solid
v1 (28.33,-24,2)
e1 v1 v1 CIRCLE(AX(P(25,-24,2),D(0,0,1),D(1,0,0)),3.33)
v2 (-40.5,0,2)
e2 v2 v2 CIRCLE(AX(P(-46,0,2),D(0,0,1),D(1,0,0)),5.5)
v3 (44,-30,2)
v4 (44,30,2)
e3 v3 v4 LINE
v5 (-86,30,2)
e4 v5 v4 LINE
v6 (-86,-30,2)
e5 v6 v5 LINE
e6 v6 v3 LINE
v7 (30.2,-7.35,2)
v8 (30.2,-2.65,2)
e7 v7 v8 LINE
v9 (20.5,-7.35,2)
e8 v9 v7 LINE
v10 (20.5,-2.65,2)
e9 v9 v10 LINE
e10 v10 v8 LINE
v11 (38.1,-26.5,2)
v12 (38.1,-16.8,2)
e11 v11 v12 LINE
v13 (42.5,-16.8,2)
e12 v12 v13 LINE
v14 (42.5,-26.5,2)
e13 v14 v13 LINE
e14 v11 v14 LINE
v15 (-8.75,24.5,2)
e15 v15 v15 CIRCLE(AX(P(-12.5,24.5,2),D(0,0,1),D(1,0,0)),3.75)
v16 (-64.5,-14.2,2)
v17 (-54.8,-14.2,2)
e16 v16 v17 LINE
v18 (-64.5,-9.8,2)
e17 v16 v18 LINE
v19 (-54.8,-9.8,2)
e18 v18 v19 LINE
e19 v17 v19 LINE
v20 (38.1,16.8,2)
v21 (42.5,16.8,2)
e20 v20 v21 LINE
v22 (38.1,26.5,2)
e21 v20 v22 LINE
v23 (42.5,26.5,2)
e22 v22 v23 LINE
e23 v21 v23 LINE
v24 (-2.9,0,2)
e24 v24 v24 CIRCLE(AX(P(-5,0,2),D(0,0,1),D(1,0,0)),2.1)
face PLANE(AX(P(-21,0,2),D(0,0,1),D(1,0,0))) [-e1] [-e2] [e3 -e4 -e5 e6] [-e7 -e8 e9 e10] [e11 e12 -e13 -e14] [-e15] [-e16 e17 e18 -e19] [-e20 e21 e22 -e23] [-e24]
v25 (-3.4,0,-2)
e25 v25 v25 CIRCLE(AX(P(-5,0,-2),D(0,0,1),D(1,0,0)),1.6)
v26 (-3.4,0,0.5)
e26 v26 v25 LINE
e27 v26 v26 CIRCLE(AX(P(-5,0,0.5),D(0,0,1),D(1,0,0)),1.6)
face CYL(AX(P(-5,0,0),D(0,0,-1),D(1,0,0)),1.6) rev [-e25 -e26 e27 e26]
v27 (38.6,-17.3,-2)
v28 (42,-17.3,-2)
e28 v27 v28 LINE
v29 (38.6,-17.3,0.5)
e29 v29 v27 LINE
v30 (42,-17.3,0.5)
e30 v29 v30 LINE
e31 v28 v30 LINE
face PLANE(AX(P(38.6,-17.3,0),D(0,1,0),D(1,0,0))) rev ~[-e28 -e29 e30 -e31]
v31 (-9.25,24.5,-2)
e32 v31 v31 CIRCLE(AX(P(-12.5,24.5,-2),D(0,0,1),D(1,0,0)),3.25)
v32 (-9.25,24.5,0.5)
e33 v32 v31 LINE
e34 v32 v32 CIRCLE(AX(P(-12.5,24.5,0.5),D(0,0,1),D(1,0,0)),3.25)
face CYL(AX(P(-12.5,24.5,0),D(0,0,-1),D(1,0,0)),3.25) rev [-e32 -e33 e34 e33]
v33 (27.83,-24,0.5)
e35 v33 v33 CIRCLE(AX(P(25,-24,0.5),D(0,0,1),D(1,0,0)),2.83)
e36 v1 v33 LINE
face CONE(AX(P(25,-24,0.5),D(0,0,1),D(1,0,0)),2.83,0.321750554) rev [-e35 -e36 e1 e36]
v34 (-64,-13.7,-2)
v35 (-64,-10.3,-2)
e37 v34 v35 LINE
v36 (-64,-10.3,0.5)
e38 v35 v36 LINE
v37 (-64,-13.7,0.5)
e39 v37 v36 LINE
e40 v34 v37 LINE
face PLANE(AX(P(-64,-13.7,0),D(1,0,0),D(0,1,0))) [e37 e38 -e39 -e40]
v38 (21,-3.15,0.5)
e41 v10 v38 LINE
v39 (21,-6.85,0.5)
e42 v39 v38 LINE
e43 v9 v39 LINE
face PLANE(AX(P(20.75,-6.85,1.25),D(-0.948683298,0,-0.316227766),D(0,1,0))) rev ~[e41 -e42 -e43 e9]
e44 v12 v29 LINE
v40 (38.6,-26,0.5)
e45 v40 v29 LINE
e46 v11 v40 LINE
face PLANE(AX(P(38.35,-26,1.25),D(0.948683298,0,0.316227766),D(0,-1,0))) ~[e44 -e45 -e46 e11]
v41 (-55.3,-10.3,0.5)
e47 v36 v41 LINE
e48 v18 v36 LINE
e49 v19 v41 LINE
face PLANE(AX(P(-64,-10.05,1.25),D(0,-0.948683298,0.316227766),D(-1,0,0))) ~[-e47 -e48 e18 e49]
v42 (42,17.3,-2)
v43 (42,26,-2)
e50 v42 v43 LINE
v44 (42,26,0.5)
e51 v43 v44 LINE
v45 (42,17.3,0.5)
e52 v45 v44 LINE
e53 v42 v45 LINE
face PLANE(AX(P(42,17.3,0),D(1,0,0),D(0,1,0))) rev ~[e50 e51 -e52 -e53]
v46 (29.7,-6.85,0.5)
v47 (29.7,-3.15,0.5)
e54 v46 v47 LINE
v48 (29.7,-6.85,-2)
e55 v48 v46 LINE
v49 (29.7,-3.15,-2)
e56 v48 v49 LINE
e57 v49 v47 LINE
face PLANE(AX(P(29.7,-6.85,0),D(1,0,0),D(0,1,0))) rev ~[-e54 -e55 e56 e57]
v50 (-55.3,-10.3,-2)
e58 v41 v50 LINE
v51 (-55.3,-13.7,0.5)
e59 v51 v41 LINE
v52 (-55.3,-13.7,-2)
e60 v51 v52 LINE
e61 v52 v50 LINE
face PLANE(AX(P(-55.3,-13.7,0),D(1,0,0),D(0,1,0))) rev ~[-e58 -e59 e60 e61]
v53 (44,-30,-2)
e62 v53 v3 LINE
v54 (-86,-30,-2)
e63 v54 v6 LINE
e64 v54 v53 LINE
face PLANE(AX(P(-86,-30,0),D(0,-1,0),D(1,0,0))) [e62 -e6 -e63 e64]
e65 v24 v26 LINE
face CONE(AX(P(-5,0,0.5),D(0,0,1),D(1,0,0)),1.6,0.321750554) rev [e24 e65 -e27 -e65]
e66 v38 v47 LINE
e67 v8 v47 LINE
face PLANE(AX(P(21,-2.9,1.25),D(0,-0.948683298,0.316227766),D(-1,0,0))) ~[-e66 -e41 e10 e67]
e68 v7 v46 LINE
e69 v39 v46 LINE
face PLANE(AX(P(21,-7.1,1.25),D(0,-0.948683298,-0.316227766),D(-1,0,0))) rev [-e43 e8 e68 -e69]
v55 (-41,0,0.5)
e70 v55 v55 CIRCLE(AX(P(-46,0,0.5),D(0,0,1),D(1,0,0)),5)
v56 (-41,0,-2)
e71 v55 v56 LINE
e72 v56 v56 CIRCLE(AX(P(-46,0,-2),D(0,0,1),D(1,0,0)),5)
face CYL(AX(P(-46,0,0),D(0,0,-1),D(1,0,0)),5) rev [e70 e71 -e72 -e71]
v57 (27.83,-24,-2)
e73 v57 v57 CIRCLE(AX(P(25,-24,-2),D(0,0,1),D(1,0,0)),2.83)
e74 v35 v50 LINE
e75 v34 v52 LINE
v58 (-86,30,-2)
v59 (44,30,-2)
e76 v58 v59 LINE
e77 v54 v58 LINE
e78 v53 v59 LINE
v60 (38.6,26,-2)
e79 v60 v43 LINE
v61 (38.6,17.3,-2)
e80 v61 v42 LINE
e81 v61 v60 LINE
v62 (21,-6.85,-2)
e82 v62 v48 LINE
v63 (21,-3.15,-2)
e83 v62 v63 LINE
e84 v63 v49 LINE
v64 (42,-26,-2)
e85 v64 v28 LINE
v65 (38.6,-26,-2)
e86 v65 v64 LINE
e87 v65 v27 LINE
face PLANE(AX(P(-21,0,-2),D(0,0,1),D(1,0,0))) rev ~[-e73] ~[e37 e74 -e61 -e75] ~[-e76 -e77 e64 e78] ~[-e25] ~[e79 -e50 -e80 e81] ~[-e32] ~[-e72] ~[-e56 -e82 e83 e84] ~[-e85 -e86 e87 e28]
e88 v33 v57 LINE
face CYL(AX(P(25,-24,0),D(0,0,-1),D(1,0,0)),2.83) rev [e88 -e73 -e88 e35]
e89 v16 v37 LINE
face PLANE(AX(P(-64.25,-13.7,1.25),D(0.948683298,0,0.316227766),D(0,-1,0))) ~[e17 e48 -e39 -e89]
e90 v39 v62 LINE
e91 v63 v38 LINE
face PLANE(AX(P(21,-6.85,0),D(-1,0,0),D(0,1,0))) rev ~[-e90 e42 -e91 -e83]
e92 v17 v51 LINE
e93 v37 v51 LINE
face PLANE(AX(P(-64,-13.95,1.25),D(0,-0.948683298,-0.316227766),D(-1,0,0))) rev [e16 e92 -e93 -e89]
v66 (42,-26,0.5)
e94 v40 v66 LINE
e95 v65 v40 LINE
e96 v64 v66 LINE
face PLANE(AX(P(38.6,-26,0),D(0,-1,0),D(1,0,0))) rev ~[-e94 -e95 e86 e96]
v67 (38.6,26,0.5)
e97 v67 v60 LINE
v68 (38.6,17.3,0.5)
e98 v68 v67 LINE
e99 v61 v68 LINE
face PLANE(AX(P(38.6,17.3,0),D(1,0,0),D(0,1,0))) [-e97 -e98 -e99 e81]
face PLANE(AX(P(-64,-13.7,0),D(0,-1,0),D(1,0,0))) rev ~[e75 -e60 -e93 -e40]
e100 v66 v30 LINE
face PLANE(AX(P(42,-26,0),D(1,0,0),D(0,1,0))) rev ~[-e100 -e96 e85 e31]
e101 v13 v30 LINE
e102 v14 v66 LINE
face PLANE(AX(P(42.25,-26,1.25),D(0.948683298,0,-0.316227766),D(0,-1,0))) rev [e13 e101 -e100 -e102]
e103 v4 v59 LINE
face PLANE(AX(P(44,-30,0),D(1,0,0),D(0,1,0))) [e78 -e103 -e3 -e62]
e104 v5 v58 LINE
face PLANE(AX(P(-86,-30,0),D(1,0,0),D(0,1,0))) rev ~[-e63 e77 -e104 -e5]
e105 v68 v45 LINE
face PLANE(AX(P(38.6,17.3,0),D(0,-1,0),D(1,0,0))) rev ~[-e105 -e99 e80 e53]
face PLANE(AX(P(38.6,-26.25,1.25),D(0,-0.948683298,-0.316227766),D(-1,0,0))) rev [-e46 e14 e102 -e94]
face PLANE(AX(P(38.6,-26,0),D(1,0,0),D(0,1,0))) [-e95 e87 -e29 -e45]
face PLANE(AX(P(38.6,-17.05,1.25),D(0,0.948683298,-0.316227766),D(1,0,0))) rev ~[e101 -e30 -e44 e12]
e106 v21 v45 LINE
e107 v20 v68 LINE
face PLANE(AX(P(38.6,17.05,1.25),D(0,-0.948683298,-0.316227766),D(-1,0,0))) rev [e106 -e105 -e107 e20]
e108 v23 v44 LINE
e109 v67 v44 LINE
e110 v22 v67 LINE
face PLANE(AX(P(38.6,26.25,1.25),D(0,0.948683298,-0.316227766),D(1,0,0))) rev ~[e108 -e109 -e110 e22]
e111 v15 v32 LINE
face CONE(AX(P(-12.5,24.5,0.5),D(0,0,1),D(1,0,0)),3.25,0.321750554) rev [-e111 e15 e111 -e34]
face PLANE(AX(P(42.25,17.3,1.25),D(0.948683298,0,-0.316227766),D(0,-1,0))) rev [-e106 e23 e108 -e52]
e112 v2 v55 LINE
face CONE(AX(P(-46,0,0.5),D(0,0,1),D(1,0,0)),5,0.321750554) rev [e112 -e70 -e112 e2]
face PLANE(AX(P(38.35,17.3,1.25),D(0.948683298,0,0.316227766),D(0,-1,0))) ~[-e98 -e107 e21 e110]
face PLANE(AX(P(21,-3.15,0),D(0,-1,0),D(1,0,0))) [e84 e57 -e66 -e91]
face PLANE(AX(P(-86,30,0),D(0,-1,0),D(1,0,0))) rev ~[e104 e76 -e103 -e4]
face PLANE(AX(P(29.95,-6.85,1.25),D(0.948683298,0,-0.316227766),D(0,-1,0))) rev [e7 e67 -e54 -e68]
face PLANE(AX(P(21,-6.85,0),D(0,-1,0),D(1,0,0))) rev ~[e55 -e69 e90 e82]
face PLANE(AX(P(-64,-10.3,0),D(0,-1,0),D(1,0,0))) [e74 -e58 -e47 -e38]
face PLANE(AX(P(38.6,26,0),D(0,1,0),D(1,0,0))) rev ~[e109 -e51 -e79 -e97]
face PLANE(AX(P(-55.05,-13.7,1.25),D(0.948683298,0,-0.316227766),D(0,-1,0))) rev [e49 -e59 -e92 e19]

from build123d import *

# Parameters (mm, degrees)
SKETCH1_W           = 130
SKETCH1_H           = 60
SKETCH1_R           = 5
SKETCH1_R_2         = 3.25
SKETCH1_R_3         = 2.83
SKETCH1_R_4         = 1.6
SKETCH1_W_2         = 8.7
SKETCH1_H_2         = 3.4
SKETCH1_W_3         = 3.4
SKETCH1_H_3         = 8.7
SKETCH1_H_4         = 3.7
BOSS_EXTRUDE1_DEPTH = 2
CHAMFER1_SIZE       = 0.5
CHAMFER1_SIZE2      = 1.5


with BuildPart() as part:
    # Sketch1 → Boss-Extrude1 (new, symmetric)
    with BuildSketch(Plane.XY):
        with Locations((-21, 0)):
            Rectangle(SKETCH1_W, SKETCH1_H)
        with Locations((-46, 0)):
            Circle(SKETCH1_R, mode=Mode.SUBTRACT)
        with Locations((-12.5, 24.5)):
            Circle(SKETCH1_R_2, mode=Mode.SUBTRACT)
        with Locations((25, -24)):
            Circle(SKETCH1_R_3, mode=Mode.SUBTRACT)
        with Locations((-5, 0)):
            Circle(SKETCH1_R_4, mode=Mode.SUBTRACT)
        with Locations((-59.65, -12)):
            Rectangle(SKETCH1_W_2, SKETCH1_H_2, mode=Mode.SUBTRACT)
        with Locations((40.3, 21.65)):
            Rectangle(SKETCH1_W_3, SKETCH1_H_3, mode=Mode.SUBTRACT)
        with Locations((40.3, -21.65)):
            Rectangle(SKETCH1_W_3, SKETCH1_H_3, mode=Mode.SUBTRACT)
        with Locations((25.35, -5)):
            Rectangle(SKETCH1_W_2, SKETCH1_H_4, mode=Mode.SUBTRACT)
    extrude(amount=BOSS_EXTRUDE1_DEPTH, both=True)

    # Chamfer1
    chamfer1_edges = [part.edges().sort_by_distance(p)[0] for p in [
        (21, -5, 2),
        (25.35, -6.85, 2),
        (29.7, -5, 2),
        (25.35, -3.15, 2),
        (-64, -12, 2),
        (-59.65, -13.7, 2),
        (-55.3, -12, 2),
        (-59.65, -10.3, 2),
        (-15.75, 24.5, 2),
        (-51, 0, 2),
        (22.17, -24, 2),
        (-6.6, 0, 2),
        (38.6, 21.65, 2),
        (40.3, 17.3, 2),
        (42, 21.65, 2),
        (40.3, 26, 2),
        (38.6, -21.65, 2),
        (40.3, -26, 2),
        (42, -21.65, 2),
        (40.3, -17.3, 2),
    ]]
    chamfer1_side = [part.faces().sort_by_distance(p)[0] for p in [
        (-21.475154196, 0.040718834, 2),
    ]]
    chamfer(chamfer1_edges, length=CHAMFER1_SIZE, length2=CHAMFER1_SIZE2, reference=chamfer1_side[0])


solid = part.part
